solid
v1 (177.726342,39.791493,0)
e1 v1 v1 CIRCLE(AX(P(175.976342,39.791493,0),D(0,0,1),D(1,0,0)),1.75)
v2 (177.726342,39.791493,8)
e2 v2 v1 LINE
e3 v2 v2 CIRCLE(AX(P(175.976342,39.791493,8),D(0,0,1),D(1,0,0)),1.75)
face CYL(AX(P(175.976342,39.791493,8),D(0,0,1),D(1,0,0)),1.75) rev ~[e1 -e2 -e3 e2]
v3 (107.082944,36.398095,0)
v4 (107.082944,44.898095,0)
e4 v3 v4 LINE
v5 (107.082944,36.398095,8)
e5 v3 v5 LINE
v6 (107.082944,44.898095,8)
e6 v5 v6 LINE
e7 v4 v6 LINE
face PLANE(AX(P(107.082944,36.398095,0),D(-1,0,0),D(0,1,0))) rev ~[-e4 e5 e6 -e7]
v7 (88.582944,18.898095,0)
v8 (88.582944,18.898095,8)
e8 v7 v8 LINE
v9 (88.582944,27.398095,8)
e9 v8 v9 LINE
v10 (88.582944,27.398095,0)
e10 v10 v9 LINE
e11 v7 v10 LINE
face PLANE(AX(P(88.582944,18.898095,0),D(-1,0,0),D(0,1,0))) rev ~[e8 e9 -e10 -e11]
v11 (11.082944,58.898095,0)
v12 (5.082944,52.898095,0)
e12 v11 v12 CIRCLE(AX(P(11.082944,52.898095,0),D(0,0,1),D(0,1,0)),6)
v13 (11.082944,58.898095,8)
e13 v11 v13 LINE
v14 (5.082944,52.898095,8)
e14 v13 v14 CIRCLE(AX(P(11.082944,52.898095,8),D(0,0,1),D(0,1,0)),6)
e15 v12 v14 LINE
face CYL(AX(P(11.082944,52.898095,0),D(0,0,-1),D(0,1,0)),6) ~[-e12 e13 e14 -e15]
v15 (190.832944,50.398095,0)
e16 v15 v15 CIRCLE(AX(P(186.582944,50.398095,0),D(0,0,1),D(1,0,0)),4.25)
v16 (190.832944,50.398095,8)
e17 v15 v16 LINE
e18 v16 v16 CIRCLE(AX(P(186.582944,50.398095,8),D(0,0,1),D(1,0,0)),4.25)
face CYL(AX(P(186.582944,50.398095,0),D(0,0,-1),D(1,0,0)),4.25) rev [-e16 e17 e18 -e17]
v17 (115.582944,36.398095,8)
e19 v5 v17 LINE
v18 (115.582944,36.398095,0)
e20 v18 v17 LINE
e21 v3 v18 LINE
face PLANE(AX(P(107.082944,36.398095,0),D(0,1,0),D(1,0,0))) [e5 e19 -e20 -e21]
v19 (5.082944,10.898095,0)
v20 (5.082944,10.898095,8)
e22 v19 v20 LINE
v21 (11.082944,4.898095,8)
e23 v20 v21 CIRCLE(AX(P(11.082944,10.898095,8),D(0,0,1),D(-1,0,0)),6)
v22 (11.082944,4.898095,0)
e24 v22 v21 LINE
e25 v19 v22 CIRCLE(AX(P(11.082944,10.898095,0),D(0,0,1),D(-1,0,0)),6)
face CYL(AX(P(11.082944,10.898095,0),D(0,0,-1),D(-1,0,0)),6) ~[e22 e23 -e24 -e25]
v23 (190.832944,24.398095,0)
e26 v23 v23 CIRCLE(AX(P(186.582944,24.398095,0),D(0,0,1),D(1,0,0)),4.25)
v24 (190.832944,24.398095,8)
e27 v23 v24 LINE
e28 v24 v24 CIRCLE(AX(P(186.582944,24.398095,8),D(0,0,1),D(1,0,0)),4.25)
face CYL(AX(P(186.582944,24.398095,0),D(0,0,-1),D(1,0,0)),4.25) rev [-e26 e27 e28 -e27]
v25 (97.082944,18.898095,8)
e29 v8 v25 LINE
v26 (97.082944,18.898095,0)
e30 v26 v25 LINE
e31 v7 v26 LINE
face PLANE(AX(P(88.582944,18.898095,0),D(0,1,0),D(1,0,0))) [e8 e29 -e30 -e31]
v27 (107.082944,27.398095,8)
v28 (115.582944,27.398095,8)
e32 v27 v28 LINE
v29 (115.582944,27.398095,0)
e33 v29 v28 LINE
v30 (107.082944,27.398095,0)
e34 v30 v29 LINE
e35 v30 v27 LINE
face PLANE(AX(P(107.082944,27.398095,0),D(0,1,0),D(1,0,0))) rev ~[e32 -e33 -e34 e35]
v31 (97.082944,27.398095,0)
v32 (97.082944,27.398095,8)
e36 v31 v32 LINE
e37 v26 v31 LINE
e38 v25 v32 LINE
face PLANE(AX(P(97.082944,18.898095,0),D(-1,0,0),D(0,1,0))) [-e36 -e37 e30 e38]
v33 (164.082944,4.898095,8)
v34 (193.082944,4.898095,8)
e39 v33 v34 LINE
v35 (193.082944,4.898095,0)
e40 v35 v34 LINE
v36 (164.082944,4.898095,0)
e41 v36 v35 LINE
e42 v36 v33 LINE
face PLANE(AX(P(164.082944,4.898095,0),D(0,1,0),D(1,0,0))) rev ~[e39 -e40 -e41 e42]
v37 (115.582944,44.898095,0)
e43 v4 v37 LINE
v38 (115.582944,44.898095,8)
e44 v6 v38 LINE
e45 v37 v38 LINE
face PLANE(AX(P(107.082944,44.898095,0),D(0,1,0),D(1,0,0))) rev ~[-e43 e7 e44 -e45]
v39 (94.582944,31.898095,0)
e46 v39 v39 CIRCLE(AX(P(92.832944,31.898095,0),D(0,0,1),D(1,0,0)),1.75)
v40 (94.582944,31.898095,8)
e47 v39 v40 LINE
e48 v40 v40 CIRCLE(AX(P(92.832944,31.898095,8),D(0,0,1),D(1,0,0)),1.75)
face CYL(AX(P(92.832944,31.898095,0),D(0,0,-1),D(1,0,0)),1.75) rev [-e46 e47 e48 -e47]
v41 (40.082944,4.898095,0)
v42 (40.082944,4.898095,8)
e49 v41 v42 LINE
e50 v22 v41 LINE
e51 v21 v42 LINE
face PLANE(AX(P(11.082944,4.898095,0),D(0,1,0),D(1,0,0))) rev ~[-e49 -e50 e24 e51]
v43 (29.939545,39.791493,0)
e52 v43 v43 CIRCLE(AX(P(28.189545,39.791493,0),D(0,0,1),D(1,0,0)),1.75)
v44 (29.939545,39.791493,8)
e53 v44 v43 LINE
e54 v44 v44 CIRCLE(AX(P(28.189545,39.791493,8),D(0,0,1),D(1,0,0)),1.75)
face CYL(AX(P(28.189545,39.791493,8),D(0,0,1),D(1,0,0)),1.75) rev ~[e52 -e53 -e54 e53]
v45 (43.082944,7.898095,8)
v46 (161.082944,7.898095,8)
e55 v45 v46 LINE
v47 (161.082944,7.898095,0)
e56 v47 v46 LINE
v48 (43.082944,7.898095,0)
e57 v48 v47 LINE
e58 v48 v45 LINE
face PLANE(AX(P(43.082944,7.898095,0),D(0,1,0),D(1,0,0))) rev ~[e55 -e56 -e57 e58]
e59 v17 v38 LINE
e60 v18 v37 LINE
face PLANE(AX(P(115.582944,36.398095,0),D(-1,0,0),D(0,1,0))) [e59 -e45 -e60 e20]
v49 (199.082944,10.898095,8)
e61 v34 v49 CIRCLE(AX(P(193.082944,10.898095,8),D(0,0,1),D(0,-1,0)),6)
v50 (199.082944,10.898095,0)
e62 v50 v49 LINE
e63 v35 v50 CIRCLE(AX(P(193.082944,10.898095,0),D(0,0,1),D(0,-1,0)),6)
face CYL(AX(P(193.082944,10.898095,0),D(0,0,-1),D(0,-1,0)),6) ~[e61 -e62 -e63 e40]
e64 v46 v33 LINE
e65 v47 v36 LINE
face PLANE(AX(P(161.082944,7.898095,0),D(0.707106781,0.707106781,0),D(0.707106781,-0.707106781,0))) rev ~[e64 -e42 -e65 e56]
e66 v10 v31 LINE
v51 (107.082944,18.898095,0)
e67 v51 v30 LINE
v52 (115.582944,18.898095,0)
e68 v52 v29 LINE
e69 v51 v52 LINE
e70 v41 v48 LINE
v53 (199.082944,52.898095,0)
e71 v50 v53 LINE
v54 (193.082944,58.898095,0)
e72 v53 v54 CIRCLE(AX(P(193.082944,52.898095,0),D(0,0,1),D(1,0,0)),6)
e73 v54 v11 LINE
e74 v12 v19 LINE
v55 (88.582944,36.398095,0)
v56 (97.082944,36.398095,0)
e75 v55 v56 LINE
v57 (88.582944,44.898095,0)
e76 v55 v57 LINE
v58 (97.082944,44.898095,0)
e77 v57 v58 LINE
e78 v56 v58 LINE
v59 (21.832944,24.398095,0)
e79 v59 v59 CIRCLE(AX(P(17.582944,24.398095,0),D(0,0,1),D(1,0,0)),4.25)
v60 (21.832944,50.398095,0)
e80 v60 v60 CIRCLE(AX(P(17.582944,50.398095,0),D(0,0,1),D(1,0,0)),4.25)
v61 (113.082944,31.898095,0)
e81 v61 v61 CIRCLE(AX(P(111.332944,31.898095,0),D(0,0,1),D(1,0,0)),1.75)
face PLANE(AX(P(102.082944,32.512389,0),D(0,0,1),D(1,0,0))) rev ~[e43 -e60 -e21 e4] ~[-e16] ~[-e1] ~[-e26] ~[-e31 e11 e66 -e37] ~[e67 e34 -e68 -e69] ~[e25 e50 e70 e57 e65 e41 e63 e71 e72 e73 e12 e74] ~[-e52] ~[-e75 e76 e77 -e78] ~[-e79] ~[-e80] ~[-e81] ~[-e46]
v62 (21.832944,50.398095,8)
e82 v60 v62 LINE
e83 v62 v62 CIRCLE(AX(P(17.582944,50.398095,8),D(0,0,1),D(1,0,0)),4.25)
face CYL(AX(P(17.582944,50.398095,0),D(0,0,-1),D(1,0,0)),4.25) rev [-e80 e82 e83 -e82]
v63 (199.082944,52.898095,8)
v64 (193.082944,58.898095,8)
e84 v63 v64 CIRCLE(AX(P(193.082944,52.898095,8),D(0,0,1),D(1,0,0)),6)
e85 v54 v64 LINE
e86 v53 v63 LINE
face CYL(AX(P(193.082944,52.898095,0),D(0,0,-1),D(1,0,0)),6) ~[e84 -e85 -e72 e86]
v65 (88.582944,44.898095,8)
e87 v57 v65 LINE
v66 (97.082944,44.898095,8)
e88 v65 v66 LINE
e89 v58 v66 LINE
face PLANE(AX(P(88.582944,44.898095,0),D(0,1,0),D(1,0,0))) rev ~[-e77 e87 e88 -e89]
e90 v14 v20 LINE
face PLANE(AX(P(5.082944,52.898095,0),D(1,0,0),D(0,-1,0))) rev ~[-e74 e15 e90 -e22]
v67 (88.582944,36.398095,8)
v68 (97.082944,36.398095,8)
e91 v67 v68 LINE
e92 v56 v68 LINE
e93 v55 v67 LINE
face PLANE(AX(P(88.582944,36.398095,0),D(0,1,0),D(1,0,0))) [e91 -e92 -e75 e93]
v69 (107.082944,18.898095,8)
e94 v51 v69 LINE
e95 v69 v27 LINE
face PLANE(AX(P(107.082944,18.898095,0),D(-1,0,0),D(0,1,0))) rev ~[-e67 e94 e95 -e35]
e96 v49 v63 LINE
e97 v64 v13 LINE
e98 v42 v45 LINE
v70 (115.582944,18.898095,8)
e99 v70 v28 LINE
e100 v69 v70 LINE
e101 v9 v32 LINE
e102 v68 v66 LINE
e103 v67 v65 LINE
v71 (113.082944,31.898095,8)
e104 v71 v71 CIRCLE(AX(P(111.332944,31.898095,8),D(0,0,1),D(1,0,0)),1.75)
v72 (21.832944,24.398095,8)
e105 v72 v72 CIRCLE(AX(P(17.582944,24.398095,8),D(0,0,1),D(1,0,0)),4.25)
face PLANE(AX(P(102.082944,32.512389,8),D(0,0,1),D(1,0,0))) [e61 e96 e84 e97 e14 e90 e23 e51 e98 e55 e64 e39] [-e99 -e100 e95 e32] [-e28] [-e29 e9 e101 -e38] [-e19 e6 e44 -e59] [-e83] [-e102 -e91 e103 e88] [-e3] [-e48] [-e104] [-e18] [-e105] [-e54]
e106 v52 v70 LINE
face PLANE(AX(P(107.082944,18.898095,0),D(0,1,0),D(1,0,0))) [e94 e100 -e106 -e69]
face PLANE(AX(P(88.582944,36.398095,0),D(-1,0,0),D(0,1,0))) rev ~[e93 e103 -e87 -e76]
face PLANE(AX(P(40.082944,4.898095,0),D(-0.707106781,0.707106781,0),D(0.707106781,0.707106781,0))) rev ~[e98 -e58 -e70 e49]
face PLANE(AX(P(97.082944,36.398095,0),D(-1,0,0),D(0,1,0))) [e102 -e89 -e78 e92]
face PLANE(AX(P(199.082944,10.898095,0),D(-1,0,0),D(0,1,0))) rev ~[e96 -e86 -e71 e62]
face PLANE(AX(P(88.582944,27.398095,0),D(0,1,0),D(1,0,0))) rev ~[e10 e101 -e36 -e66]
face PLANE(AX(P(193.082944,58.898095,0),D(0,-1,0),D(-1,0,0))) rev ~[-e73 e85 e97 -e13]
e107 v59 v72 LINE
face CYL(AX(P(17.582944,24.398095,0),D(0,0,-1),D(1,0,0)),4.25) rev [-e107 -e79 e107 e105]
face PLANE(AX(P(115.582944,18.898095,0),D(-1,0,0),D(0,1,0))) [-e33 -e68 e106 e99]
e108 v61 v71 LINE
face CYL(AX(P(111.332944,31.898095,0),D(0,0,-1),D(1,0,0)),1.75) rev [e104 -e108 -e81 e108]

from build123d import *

# Parameters (mm, degrees)
SKETCH1_R      = 4.25
SKETCH1_R_2    = 1.75
SKETCH1_W      = 8.5
SKETCH1_H      = 8.5
EXTRUDE1_DEPTH = 8
SKETCH2_R      = 1.75
EXTRUDE2_DEPTH = 10


with BuildPart() as part:
    # Sketch1 → Extrude1 (new body)
    with BuildSketch(Plane.XY):
        with BuildLine():
            Line((5.082943524, 52.898094917), (5.082943524, 10.898094917))
            ThreePointArc((5.082943524, 10.898094917), (6.840302837, 6.65545423), (11.082943524, 4.898094917))
            Line((11.082943524, 4.898094917), (40.082943524, 4.898094917))
            Line((40.082943524, 4.898094917), (43.082943524, 7.898094917))
            Line((43.082943524, 7.898094917), (161.082943524, 7.898094917))
            Line((161.082943524, 7.898094917), (164.082943524, 4.898094917))
            Line((164.082943524, 4.898094917), (193.082943524, 4.898094917))
            ThreePointArc((193.082943524, 4.898094917), (197.325584211, 6.65545423), (199.082943524, 10.898094917))
            Line((199.082943524, 10.898094917), (199.082943524, 52.898094917))
            ThreePointArc((199.082943524, 52.898094917), (197.325584211, 57.140735604), (193.082943524, 58.898094917))
            Line((193.082943524, 58.898094917), (11.082943524, 58.898094917))
            ThreePointArc((11.082943524, 58.898094917), (6.840302837, 57.140735604), (5.082943524, 52.898094917))
        make_face()
        with Locations((186.582943524, 50.398094917)):
            Circle(SKETCH1_R, mode=Mode.SUBTRACT)
        with Locations((186.582943524, 24.398094917)):
            Circle(SKETCH1_R, mode=Mode.SUBTRACT)
        with Locations((17.582943524, 50.398094917)):
            Circle(SKETCH1_R, mode=Mode.SUBTRACT)
        with Locations((17.582943524, 24.398094917)):
            Circle(SKETCH1_R, mode=Mode.SUBTRACT)
        with Locations((92.832943524, 31.898094917)):
            Circle(SKETCH1_R_2, mode=Mode.SUBTRACT)
        with Locations((111.332943524, 31.898094917)):
            Circle(SKETCH1_R_2, mode=Mode.SUBTRACT)
        with Locations((92.832943524, 40.648094917)):
            Rectangle(SKETCH1_W, SKETCH1_H, mode=Mode.SUBTRACT)
        with Locations((111.332943524, 40.648094917)):
            Rectangle(SKETCH1_W, SKETCH1_H, mode=Mode.SUBTRACT)
        with Locations((92.832943524, 23.148094917)):
            Rectangle(SKETCH1_W, SKETCH1_H, mode=Mode.SUBTRACT)
        with Locations((111.332943524, 23.148094917)):
            Rectangle(SKETCH1_W, SKETCH1_H, mode=Mode.SUBTRACT)
    extrude(amount=EXTRUDE1_DEPTH)

    # Sketch2 → Extrude2 (cut)
    with BuildSketch(Plane.XY.offset(8)):
        with Locations((28.189545242, 39.791493199)):
            Circle(SKETCH2_R)
        with Locations((175.976341806, 39.791493199)):
            Circle(SKETCH2_R)
    extrude(amount=-EXTRUDE2_DEPTH, mode=Mode.SUBTRACT)


solid = part.part
